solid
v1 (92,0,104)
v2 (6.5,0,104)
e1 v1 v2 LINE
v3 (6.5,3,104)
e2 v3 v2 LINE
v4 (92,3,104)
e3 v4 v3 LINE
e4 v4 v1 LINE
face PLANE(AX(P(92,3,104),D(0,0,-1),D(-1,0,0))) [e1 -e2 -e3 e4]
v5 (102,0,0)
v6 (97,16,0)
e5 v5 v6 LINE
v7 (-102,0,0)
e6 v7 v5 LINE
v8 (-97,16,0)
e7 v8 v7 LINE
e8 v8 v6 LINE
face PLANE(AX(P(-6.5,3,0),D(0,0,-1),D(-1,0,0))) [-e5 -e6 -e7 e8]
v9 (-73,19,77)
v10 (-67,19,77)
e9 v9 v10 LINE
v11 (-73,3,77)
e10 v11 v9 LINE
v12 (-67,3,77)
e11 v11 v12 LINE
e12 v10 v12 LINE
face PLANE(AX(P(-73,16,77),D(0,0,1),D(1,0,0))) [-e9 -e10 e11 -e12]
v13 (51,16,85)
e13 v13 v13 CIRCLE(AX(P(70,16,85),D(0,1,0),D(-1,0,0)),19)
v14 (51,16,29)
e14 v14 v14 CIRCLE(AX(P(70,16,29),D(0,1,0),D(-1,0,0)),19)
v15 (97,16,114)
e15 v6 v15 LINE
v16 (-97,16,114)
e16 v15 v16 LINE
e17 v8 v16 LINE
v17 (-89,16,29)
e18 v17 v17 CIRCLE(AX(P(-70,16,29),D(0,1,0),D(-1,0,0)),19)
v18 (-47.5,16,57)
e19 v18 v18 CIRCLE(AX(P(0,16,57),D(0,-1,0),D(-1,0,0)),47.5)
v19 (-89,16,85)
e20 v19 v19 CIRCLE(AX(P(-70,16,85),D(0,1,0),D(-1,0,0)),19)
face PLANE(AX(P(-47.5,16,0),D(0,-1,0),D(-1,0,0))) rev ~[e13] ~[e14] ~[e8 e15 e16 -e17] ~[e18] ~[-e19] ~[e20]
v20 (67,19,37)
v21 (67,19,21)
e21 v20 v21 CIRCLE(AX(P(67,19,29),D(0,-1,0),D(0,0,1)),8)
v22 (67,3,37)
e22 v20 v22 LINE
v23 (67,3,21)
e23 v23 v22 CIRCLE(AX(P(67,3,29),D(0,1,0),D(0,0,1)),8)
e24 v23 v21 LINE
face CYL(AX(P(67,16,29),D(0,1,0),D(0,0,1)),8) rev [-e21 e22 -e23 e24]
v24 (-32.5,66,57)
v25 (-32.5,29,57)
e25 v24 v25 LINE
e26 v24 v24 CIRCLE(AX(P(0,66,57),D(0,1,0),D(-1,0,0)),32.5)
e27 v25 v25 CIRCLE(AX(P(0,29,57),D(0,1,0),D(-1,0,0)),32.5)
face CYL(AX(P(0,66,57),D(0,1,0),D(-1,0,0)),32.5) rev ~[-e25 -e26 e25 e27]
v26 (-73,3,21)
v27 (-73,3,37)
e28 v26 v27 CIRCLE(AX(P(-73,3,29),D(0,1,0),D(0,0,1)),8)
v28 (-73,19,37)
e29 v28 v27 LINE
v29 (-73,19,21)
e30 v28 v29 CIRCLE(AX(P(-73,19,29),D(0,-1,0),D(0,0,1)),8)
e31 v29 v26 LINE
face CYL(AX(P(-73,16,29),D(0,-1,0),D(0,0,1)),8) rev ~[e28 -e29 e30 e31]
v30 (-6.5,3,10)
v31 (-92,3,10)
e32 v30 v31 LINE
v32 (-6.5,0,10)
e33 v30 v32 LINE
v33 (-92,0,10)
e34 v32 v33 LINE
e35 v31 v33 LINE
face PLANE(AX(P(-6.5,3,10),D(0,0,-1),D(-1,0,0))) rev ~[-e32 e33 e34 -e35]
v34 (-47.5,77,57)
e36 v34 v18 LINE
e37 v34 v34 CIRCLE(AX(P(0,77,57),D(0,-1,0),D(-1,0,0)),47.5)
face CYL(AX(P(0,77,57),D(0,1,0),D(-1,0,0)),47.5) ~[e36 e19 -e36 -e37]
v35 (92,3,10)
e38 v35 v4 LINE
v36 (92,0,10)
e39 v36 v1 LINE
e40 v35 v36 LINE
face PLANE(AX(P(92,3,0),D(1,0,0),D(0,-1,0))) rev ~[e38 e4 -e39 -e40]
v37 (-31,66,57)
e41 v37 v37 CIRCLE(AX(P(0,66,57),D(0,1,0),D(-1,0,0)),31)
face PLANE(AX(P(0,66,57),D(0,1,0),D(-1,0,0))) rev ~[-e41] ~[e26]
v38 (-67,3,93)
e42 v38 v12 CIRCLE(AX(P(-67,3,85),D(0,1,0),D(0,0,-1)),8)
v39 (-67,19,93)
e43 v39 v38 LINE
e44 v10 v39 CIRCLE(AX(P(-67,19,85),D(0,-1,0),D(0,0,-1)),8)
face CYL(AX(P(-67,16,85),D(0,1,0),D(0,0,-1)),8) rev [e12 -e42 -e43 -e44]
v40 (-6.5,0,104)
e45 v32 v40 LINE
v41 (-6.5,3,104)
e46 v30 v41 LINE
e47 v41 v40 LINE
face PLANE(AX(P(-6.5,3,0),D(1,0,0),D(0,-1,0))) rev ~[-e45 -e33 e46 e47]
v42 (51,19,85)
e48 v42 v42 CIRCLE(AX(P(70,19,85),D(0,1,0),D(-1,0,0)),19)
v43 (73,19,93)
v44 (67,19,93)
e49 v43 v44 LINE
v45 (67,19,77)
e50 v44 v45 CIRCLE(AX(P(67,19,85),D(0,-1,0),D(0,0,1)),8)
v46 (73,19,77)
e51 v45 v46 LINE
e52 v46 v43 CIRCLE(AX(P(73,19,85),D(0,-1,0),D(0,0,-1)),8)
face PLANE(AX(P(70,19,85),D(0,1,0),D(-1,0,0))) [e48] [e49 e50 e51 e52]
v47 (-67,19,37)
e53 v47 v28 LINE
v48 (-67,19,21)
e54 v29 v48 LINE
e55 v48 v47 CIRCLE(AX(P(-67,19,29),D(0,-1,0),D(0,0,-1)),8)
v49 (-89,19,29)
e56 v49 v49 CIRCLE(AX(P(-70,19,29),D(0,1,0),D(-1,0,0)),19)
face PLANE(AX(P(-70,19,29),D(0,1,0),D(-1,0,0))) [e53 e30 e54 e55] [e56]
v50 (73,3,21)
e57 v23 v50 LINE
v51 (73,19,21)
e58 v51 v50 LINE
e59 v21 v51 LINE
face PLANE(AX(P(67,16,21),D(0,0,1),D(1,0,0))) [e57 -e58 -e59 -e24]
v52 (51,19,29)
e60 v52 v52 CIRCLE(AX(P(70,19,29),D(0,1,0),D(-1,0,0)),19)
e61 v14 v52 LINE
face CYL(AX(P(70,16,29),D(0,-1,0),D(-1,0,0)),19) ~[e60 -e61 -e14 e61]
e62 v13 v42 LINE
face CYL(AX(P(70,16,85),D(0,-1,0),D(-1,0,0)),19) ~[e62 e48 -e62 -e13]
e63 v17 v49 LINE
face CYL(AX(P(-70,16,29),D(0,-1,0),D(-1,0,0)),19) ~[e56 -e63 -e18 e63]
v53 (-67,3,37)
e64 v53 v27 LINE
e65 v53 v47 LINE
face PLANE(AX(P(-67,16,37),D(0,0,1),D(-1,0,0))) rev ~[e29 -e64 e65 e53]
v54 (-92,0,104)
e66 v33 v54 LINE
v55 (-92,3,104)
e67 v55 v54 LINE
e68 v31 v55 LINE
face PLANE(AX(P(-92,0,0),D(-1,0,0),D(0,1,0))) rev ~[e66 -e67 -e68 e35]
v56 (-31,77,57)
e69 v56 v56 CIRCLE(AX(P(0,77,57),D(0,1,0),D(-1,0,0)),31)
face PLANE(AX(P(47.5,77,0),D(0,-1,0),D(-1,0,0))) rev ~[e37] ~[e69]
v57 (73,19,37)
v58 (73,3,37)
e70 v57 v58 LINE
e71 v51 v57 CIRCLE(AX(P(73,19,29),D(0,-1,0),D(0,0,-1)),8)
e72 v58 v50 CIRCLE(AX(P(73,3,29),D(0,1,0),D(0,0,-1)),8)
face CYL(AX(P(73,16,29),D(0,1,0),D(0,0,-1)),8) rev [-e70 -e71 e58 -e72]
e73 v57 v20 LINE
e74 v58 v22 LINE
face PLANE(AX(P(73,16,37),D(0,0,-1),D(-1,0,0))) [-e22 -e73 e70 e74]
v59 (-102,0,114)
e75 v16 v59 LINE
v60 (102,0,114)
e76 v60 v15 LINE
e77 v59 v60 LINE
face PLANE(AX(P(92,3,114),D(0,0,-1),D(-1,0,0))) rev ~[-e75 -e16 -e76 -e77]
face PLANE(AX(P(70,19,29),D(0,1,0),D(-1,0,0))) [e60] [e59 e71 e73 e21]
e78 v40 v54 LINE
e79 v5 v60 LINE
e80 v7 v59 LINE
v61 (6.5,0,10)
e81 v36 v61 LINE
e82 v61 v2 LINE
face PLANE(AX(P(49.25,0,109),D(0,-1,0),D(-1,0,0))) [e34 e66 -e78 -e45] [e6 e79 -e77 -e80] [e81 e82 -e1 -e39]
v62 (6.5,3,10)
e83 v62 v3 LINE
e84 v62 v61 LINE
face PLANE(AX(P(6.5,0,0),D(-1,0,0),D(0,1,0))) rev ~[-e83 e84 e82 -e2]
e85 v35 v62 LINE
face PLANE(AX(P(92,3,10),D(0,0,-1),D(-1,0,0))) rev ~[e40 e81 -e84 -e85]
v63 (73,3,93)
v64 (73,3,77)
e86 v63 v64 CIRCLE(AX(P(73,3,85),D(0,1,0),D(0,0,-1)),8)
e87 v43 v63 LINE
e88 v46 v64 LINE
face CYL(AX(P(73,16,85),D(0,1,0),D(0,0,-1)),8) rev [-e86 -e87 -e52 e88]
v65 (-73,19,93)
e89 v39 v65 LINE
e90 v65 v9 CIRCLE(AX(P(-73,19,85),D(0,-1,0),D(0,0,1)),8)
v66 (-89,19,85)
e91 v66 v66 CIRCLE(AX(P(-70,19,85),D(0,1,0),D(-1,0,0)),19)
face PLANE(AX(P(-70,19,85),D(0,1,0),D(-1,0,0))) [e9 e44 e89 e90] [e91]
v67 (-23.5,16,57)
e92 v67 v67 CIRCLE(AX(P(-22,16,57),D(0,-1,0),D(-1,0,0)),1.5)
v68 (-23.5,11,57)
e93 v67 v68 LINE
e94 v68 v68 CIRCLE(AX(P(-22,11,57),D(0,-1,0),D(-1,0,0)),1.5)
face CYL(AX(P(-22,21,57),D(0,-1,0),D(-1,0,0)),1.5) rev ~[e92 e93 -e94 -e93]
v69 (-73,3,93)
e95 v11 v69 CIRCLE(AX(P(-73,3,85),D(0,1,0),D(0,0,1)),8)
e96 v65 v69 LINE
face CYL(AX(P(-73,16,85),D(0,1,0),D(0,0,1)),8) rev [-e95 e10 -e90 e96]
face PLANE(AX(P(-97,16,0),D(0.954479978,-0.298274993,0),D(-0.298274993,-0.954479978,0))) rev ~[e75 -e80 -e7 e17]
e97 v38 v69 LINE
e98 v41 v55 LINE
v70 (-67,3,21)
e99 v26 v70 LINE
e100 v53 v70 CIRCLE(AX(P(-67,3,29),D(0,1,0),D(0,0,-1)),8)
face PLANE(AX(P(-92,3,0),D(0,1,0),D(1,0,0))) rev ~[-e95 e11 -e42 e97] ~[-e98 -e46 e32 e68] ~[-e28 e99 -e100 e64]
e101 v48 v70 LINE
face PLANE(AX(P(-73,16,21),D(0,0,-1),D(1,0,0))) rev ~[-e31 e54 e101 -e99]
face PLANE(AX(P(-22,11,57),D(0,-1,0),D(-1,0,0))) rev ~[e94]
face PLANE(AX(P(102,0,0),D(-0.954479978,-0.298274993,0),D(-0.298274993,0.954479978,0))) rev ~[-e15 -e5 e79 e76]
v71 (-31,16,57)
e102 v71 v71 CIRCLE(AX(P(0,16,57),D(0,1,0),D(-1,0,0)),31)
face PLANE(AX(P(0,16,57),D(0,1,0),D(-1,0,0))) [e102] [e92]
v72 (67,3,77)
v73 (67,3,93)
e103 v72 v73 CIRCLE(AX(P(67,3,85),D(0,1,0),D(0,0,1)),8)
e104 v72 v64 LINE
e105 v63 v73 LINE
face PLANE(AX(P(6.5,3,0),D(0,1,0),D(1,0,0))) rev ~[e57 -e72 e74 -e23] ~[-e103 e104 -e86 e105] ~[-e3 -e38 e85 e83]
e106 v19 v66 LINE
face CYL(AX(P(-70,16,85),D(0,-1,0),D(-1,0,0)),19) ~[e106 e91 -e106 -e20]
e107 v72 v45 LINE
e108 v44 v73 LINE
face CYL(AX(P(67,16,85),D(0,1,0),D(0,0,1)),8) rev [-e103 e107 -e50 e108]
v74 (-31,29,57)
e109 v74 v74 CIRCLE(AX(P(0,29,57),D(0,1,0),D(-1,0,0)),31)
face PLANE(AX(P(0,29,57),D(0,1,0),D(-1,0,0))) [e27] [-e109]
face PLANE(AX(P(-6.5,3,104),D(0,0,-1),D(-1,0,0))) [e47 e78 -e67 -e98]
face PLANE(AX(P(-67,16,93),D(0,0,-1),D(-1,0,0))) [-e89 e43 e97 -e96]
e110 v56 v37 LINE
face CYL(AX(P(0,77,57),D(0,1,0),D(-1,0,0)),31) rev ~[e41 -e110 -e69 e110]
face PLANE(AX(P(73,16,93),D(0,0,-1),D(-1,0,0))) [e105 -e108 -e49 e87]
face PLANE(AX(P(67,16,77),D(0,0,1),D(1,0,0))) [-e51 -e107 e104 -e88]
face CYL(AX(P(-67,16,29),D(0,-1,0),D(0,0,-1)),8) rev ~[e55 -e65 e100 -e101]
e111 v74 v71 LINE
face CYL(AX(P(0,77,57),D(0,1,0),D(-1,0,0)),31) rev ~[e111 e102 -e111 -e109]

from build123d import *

# Parameters (mm, degrees)
BOSS_EXTRUDE1_DEPTH       = 114
SKETCH2_R                 = 31
CUT_EXTRUDE1_DEPTH        = 61
CUT_EXTRUDE2_DEPTH        = 61
SKETCH5_R                 = 32.5
CUT_EXTRUDE3_DEPTH        = 37
CUT_EXTRUDE4_DEPTH        = 17
SKETCH7_R                 = 19
BOSS_EXTRUDE3_DEPTH       = 3
SKETCH8_W                 = 85.5
SKETCH8_H                 = 10
BOSS_EXTRUDE4_DEPTH       = 3
SKETCH9_W                 = 85.5
SKETCH9_H                 = 10
BOSS_EXTRUDE5_DEPTH       = 3
F_3_0MM_DOWEL_HOLE1_D     = 3
F_3_0MM_DOWEL_HOLE1_DEPTH = 5


with BuildPart() as part:
    # Sketch1 → Boss-Extrude1 (new body)
    with BuildSketch(Plane.XY):
        Polygon((-6.5, 3), (-6.5, 0), (0, 0), (0, 77), (-47.5, 77), (-47.5, 16), (-97, 16), (-102, 0), (-92, 0), (-92, 3), align=None)
        Polygon((0, 77), (0, 0), (6.5, 0), (6.5, 3), (92, 3), (92, 0), (102, 0), (97, 16), (47.5, 16), (47.5, 77), align=None)
    extrude(amount=BOSS_EXTRUDE1_DEPTH)

    # Sketch2 → Cut-Extrude1 (cut)
    with BuildSketch(Plane(origin=(0, 77, 0), x_dir=(1, 0, 0), z_dir=(0, 1, 0))):
        with Locations(Location((0, -57, 0), (0, 0, 180))):  # turned: the seam where the file's is
            Circle(SKETCH2_R)
    extrude(amount=-CUT_EXTRUDE1_DEPTH, mode=Mode.SUBTRACT)

    # Sketch3 → Cut-Extrude2 (cut)
    with BuildSketch(Plane(origin=(0, 77, 0), x_dir=(1, 0, 0), z_dir=(0, 1, 0))):
        with BuildLine():
            Line((-47.5, 0), (-47.5, -57))
            ThreePointArc((-47.5, -57), (0, -9.5), (47.5, -57))
            Line((47.5, -57), (47.5, 0))
            Line((47.5, 0), (-47.5, 0))
        make_face()
        with BuildLine():
            ThreePointArc((47.5, -57), (0, -104.5), (-47.5, -57))
            Line((-47.5, -57), (-47.5, -114))
            Line((-47.5, -114), (47.5, -114))
            Line((47.5, -114), (47.5, -57))
        make_face()
    extrude(amount=-CUT_EXTRUDE2_DEPTH, mode=Mode.SUBTRACT)

    # Sketch5 → Cut-Extrude3 (cut)
    with BuildSketch(Plane(origin=(0, 66, 0), x_dir=(1, 0, 0), z_dir=(0, 1, 0))):
        with Locations(Location((0, -57, 0), (0, 0, 180))):  # turned: the seam where the file's is
            Circle(SKETCH5_R)
    extrude(amount=-CUT_EXTRUDE3_DEPTH, mode=Mode.SUBTRACT)

    # Sketch6 → Cut-Extrude4 (cut, through all)
    with BuildSketch(Plane(origin=(0, 16, 0), x_dir=(1, 0, 0), z_dir=(0, 1, 0))):
        with BuildLine():
            Line((-73, -21), (-67, -21))
            ThreePointArc((-67, -21), (-59, -29), (-67, -37))
            Line((-67, -37), (-73, -37))
            ThreePointArc((-73, -37), (-81, -29), (-73, -21))
        make_face()
        with BuildLine():
            Line((67, -21), (73, -21))
            ThreePointArc((73, -21), (81, -29), (73, -37))
            Line((73, -37), (67, -37))
            ThreePointArc((67, -37), (59, -29), (67, -21))
        make_face()
        with BuildLine():
            Line((67, -77), (73, -77))
            ThreePointArc((73, -77), (81, -85), (73, -93))
            Line((73, -93), (67, -93))
            ThreePointArc((67, -93), (59, -85), (67, -77))
        make_face()
        with BuildLine():
            Line((-73, -77), (-67, -77))
            ThreePointArc((-67, -77), (-59, -85), (-67, -93))
            Line((-67, -93), (-73, -93))
            ThreePointArc((-73, -93), (-81, -85), (-73, -77))
        make_face()
    extrude(amount=-CUT_EXTRUDE4_DEPTH, mode=Mode.SUBTRACT)

    # Sketch7 → Boss-Extrude3 (add)
    with BuildSketch(Plane(origin=(0, 16, 0), x_dir=(1, 0, 0), z_dir=(0, 1, 0))):
        with Locations(Location((-70, -29, 0), (0, 0, 180))):  # turned: the seam where the file's is
            Circle(SKETCH7_R)
        with BuildLine():
            Line((-67, -37), (-73, -37))
            ThreePointArc((-73, -37), (-81, -29), (-73, -21))
            Line((-73, -21), (-67, -21))
            ThreePointArc((-67, -21), (-59, -29), (-67, -37))
        make_face(mode=Mode.SUBTRACT)
        with Locations(Location((70, -29, 0), (0, 0, 180))):  # turned: the seam where the file's is
            Circle(SKETCH7_R)
        with BuildLine():
            Line((73, -37), (67, -37))
            ThreePointArc((67, -37), (59, -29), (67, -21))
            Line((67, -21), (73, -21))
            ThreePointArc((73, -21), (81, -29), (73, -37))
        make_face(mode=Mode.SUBTRACT)
        with Locations(Location((70, -85, 0), (0, 0, 180))):  # turned: the seam where the file's is
            Circle(SKETCH7_R)
        with BuildLine():
            Line((73, -93), (67, -93))
            ThreePointArc((67, -93), (59, -85), (67, -77))
            Line((67, -77), (73, -77))
            ThreePointArc((73, -77), (81, -85), (73, -93))
        make_face(mode=Mode.SUBTRACT)
        with Locations(Location((-70, -85, 0), (0, 0, 180))):  # turned: the seam where the file's is
            Circle(SKETCH7_R)
        with BuildLine():
            Line((-67, -93), (-73, -93))
            ThreePointArc((-73, -93), (-81, -85), (-73, -77))
            Line((-73, -77), (-67, -77))
            ThreePointArc((-67, -77), (-59, -85), (-67, -93))
        make_face(mode=Mode.SUBTRACT)
    extrude(amount=BOSS_EXTRUDE3_DEPTH)

    # Sketch8 → Boss-Extrude4 (add)
    with BuildSketch(Plane(origin=(0, 3, 0), x_dir=(-1, 0, 0), z_dir=(0, -1, 0))):
        with Locations((49.25, -5)):
            Rectangle(SKETCH8_W, SKETCH8_H)
        with Locations((49.25, -109)):
            Rectangle(SKETCH8_W, SKETCH8_H)
    extrude(amount=BOSS_EXTRUDE4_DEPTH)

    # Sketch9 → Boss-Extrude5 (add)
    with BuildSketch(Plane(origin=(0, 3, 0), x_dir=(-1, 0, 0), z_dir=(0, -1, 0))):
        with Locations((-49.25, -109)):
            Rectangle(SKETCH9_W, SKETCH9_H)
        with Locations((-49.25, -5)):
            Rectangle(SKETCH9_W, SKETCH9_H)
    extrude(amount=BOSS_EXTRUDE5_DEPTH)

    # Ø3.0mm Dowel Hole1
    with Locations(Plane(origin=(0, 16, 0), x_dir=(1, 0, 0), z_dir=(0, 1, 0))):
        with Locations((-22, -57)):
            Hole(F_3_0MM_DOWEL_HOLE1_D / 2, depth=F_3_0MM_DOWEL_HOLE1_DEPTH)


solid = part.part
